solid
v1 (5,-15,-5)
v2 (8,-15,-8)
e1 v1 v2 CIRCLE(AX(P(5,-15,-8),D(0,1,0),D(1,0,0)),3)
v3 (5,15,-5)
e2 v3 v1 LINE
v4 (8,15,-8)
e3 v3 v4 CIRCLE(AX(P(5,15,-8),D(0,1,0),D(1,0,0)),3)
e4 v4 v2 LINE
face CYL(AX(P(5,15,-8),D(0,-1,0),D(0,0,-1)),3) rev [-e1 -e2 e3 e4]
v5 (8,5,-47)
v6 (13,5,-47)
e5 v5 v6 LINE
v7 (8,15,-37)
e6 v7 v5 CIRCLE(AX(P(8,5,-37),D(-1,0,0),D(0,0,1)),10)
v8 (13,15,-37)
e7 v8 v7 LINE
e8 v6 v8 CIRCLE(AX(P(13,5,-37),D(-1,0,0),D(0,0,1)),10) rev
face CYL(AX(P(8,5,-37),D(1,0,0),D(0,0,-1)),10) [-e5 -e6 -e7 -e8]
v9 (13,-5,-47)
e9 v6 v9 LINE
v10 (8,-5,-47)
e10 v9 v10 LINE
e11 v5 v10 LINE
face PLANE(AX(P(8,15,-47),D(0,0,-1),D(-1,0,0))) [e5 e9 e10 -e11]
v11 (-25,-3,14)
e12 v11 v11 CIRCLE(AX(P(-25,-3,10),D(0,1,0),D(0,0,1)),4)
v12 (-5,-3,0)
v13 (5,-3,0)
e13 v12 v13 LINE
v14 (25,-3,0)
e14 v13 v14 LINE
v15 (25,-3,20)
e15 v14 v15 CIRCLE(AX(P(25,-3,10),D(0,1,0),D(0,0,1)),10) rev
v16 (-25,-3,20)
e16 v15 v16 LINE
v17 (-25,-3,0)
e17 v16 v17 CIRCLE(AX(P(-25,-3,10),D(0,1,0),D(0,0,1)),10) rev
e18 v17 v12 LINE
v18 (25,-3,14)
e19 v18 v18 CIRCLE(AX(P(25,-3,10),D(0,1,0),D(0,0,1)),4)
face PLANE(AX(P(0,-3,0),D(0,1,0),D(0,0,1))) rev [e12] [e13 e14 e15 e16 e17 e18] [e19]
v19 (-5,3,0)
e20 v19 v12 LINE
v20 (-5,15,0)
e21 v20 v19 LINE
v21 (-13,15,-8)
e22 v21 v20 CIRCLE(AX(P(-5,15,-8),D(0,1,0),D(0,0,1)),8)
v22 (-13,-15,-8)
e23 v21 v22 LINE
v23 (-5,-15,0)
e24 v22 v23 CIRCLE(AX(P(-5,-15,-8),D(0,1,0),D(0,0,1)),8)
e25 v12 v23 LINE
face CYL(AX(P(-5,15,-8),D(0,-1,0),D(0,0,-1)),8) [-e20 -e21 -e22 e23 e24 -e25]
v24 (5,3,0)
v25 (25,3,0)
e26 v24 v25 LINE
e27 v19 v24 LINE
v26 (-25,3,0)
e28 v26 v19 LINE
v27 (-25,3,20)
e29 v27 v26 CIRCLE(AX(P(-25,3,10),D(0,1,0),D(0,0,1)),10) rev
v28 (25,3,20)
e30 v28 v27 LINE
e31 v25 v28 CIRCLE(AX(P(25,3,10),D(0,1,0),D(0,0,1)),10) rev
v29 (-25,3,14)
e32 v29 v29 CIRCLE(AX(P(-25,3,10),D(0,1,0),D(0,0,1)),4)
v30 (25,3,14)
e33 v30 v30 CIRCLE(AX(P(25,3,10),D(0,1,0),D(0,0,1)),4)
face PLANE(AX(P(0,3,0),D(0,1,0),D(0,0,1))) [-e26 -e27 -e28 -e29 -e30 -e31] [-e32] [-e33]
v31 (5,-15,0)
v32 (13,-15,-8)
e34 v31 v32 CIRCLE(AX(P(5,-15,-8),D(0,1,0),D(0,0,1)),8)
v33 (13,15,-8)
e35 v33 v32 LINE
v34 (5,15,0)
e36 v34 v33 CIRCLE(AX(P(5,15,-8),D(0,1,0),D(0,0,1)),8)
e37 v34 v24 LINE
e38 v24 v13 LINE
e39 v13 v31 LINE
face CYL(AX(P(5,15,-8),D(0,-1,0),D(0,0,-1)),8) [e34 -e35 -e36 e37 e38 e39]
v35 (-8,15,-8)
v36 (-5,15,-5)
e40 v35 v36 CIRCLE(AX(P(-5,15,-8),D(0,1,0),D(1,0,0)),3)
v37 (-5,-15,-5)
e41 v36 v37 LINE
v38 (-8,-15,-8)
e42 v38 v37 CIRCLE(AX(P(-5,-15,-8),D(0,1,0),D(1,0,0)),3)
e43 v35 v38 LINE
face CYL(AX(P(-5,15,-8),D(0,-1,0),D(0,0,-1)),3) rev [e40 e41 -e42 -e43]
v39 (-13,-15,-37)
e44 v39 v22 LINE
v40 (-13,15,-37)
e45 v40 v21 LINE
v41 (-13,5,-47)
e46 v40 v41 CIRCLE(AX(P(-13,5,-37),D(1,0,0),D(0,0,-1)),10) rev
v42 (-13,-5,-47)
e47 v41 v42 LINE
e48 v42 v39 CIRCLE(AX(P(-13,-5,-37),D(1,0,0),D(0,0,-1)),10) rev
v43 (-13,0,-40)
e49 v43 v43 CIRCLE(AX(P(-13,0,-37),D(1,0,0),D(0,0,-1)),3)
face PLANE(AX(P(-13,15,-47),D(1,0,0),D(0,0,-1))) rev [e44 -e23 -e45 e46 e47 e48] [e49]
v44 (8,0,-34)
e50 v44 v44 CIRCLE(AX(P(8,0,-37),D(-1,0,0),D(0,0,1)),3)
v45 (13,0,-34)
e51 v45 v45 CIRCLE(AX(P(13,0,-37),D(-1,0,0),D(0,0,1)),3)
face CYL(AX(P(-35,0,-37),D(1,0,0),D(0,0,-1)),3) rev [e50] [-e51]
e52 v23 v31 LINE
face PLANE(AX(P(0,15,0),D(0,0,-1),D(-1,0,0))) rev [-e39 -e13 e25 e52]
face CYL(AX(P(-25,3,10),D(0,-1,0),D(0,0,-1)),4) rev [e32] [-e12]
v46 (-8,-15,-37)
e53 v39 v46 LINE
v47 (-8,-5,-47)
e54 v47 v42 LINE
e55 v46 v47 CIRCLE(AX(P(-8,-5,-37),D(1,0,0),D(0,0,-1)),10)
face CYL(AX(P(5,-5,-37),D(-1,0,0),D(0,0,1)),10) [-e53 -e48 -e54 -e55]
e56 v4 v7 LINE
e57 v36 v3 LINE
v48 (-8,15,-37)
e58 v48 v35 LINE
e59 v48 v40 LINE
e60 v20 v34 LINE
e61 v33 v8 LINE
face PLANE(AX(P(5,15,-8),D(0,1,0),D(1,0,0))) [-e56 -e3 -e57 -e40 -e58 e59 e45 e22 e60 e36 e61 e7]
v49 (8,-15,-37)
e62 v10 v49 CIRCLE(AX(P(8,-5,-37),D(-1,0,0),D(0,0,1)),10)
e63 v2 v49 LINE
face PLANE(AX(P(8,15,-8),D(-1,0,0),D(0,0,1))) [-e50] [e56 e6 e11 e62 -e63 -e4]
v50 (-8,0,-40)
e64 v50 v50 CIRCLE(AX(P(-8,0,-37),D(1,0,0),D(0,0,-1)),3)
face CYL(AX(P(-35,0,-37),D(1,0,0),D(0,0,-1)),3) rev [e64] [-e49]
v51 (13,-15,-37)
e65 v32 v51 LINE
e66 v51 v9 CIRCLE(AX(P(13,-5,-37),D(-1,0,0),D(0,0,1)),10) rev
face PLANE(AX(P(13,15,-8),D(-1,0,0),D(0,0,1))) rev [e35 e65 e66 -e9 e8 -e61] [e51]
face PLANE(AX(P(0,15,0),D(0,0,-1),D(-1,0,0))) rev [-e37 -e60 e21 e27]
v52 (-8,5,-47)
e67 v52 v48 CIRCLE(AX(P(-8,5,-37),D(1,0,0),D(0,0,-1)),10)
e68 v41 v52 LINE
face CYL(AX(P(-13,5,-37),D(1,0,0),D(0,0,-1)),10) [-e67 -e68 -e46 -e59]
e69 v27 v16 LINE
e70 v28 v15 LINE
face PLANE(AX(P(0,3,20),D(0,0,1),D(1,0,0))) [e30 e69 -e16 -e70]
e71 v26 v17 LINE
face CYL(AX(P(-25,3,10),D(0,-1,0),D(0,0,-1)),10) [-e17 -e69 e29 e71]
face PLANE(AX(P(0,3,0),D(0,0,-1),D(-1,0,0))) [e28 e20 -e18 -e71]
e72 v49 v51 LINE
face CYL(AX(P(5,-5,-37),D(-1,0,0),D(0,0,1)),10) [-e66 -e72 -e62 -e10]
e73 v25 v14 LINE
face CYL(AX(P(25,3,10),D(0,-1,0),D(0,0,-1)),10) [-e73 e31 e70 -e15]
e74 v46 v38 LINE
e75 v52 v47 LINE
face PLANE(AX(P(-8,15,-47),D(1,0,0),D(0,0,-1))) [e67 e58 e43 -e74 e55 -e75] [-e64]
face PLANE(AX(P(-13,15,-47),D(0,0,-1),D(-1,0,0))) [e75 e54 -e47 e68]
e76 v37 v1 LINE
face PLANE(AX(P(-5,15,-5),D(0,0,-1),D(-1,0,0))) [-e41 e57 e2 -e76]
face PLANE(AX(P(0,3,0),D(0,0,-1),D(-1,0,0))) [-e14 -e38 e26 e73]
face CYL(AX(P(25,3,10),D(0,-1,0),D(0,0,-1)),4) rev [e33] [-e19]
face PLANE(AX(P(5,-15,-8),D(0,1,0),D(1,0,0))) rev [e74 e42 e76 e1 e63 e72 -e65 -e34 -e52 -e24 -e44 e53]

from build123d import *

# Parameters (mm, degrees)
EXTRUDE_THIN1_DEPTH     = 15
FILLET1_R               = 10
SKETCH2_R               = 4
BOSS_EXTRUDE1_DEPTH     = 3
CUT_EXTRUDE1_DEPTH      = 69.833131557
CUT_EXTRUDE1_DEPTH_BACK = 69.833131557


with BuildPart() as part:
    # Sketch1 → Extrude-Thin1 (new, symmetric)
    with BuildSketch(Plane(origin=(0, 0, 0), x_dir=(1, 0, 0), z_dir=(0, 1, 0))):
        with BuildLine():
            Line((-13, 47), (-13, 8))
            ThreePointArc((-13, 8), (-10.656854249, 2.343145751), (-5, 0))
            Line((-5, 0), (0, 0))
            Line((0, 0), (5, 0))
            ThreePointArc((5, 0), (10.656854249, 2.343145751), (13, 8))
            Line((13, 8), (13, 47))
            Line((13, 47), (8, 47))
            Line((8, 47), (8, 8))
            ThreePointArc((8, 8), (7.121320344, 5.878679656), (5, 5))
            Line((5, 5), (0, 5))
            Line((0, 5), (-5, 5))
            ThreePointArc((-5, 5), (-7.121320344, 5.878679656), (-8, 8))
            Line((-8, 8), (-8, 47))
            Line((-8, 47), (-13, 47))
        make_face()
    extrude(amount=EXTRUDE_THIN1_DEPTH, both=True)

    # Fillet1
    fillet1_edges = [part.edges().sort_by_distance(p)[0] for p in [
        (-10.5, -15, -47),
        (10.5, -15, -47),
        (-10.5, 15, -47),
        (10.5, 15, -47),
    ]]
    fillet(fillet1_edges, radius=FILLET1_R)

    # Sketch2 → Boss-Extrude1 (add, symmetric)
    with BuildSketch(Plane(origin=(0, 0, 0), x_dir=(1, 0, 0), z_dir=(0, 1, 0))):
        with BuildLine():
            Line((5, 0), (-5, 0))
            Line((-5, 0), (-25, 0))
            ThreePointArc((-25, 0), (-35, -10), (-25, -20))
            Line((-25, -20), (25, -20))
            ThreePointArc((25, -20), (35, -10), (25, 0))
            Line((25, 0), (5, 0))
        make_face()
        with Locations(Location((-25, -10, 0), (0, 0, 270))):
            Circle(SKETCH2_R, mode=Mode.SUBTRACT)
        with Locations(Location((25, -10, 0), (0, 0, 270))):
            Circle(SKETCH2_R, mode=Mode.SUBTRACT)
    extrude(amount=BOSS_EXTRUDE1_DEPTH, both=True)

    # Sketch3 → Cut-Extrude1 (cut, two sides: drawn at the far end of the back side and taken through both)
    with BuildSketch(Plane(origin=(13, 0, 0), x_dir=(0, 0, -1), z_dir=(1, 0, 0)).offset(-CUT_EXTRUDE1_DEPTH_BACK)):
        with BuildLine():
            ThreePointArc((40, 0), (37, 3), (34, 0))
            Line((34, 0), (40, 0))
        make_face()
        with BuildLine():
            Line((40, 0), (34, 0))
            ThreePointArc((34, 0), (37, -3), (40, 0))
        make_face()
    extrude(amount=CUT_EXTRUDE1_DEPTH + CUT_EXTRUDE1_DEPTH_BACK, mode=Mode.SUBTRACT)


solid = part.part
